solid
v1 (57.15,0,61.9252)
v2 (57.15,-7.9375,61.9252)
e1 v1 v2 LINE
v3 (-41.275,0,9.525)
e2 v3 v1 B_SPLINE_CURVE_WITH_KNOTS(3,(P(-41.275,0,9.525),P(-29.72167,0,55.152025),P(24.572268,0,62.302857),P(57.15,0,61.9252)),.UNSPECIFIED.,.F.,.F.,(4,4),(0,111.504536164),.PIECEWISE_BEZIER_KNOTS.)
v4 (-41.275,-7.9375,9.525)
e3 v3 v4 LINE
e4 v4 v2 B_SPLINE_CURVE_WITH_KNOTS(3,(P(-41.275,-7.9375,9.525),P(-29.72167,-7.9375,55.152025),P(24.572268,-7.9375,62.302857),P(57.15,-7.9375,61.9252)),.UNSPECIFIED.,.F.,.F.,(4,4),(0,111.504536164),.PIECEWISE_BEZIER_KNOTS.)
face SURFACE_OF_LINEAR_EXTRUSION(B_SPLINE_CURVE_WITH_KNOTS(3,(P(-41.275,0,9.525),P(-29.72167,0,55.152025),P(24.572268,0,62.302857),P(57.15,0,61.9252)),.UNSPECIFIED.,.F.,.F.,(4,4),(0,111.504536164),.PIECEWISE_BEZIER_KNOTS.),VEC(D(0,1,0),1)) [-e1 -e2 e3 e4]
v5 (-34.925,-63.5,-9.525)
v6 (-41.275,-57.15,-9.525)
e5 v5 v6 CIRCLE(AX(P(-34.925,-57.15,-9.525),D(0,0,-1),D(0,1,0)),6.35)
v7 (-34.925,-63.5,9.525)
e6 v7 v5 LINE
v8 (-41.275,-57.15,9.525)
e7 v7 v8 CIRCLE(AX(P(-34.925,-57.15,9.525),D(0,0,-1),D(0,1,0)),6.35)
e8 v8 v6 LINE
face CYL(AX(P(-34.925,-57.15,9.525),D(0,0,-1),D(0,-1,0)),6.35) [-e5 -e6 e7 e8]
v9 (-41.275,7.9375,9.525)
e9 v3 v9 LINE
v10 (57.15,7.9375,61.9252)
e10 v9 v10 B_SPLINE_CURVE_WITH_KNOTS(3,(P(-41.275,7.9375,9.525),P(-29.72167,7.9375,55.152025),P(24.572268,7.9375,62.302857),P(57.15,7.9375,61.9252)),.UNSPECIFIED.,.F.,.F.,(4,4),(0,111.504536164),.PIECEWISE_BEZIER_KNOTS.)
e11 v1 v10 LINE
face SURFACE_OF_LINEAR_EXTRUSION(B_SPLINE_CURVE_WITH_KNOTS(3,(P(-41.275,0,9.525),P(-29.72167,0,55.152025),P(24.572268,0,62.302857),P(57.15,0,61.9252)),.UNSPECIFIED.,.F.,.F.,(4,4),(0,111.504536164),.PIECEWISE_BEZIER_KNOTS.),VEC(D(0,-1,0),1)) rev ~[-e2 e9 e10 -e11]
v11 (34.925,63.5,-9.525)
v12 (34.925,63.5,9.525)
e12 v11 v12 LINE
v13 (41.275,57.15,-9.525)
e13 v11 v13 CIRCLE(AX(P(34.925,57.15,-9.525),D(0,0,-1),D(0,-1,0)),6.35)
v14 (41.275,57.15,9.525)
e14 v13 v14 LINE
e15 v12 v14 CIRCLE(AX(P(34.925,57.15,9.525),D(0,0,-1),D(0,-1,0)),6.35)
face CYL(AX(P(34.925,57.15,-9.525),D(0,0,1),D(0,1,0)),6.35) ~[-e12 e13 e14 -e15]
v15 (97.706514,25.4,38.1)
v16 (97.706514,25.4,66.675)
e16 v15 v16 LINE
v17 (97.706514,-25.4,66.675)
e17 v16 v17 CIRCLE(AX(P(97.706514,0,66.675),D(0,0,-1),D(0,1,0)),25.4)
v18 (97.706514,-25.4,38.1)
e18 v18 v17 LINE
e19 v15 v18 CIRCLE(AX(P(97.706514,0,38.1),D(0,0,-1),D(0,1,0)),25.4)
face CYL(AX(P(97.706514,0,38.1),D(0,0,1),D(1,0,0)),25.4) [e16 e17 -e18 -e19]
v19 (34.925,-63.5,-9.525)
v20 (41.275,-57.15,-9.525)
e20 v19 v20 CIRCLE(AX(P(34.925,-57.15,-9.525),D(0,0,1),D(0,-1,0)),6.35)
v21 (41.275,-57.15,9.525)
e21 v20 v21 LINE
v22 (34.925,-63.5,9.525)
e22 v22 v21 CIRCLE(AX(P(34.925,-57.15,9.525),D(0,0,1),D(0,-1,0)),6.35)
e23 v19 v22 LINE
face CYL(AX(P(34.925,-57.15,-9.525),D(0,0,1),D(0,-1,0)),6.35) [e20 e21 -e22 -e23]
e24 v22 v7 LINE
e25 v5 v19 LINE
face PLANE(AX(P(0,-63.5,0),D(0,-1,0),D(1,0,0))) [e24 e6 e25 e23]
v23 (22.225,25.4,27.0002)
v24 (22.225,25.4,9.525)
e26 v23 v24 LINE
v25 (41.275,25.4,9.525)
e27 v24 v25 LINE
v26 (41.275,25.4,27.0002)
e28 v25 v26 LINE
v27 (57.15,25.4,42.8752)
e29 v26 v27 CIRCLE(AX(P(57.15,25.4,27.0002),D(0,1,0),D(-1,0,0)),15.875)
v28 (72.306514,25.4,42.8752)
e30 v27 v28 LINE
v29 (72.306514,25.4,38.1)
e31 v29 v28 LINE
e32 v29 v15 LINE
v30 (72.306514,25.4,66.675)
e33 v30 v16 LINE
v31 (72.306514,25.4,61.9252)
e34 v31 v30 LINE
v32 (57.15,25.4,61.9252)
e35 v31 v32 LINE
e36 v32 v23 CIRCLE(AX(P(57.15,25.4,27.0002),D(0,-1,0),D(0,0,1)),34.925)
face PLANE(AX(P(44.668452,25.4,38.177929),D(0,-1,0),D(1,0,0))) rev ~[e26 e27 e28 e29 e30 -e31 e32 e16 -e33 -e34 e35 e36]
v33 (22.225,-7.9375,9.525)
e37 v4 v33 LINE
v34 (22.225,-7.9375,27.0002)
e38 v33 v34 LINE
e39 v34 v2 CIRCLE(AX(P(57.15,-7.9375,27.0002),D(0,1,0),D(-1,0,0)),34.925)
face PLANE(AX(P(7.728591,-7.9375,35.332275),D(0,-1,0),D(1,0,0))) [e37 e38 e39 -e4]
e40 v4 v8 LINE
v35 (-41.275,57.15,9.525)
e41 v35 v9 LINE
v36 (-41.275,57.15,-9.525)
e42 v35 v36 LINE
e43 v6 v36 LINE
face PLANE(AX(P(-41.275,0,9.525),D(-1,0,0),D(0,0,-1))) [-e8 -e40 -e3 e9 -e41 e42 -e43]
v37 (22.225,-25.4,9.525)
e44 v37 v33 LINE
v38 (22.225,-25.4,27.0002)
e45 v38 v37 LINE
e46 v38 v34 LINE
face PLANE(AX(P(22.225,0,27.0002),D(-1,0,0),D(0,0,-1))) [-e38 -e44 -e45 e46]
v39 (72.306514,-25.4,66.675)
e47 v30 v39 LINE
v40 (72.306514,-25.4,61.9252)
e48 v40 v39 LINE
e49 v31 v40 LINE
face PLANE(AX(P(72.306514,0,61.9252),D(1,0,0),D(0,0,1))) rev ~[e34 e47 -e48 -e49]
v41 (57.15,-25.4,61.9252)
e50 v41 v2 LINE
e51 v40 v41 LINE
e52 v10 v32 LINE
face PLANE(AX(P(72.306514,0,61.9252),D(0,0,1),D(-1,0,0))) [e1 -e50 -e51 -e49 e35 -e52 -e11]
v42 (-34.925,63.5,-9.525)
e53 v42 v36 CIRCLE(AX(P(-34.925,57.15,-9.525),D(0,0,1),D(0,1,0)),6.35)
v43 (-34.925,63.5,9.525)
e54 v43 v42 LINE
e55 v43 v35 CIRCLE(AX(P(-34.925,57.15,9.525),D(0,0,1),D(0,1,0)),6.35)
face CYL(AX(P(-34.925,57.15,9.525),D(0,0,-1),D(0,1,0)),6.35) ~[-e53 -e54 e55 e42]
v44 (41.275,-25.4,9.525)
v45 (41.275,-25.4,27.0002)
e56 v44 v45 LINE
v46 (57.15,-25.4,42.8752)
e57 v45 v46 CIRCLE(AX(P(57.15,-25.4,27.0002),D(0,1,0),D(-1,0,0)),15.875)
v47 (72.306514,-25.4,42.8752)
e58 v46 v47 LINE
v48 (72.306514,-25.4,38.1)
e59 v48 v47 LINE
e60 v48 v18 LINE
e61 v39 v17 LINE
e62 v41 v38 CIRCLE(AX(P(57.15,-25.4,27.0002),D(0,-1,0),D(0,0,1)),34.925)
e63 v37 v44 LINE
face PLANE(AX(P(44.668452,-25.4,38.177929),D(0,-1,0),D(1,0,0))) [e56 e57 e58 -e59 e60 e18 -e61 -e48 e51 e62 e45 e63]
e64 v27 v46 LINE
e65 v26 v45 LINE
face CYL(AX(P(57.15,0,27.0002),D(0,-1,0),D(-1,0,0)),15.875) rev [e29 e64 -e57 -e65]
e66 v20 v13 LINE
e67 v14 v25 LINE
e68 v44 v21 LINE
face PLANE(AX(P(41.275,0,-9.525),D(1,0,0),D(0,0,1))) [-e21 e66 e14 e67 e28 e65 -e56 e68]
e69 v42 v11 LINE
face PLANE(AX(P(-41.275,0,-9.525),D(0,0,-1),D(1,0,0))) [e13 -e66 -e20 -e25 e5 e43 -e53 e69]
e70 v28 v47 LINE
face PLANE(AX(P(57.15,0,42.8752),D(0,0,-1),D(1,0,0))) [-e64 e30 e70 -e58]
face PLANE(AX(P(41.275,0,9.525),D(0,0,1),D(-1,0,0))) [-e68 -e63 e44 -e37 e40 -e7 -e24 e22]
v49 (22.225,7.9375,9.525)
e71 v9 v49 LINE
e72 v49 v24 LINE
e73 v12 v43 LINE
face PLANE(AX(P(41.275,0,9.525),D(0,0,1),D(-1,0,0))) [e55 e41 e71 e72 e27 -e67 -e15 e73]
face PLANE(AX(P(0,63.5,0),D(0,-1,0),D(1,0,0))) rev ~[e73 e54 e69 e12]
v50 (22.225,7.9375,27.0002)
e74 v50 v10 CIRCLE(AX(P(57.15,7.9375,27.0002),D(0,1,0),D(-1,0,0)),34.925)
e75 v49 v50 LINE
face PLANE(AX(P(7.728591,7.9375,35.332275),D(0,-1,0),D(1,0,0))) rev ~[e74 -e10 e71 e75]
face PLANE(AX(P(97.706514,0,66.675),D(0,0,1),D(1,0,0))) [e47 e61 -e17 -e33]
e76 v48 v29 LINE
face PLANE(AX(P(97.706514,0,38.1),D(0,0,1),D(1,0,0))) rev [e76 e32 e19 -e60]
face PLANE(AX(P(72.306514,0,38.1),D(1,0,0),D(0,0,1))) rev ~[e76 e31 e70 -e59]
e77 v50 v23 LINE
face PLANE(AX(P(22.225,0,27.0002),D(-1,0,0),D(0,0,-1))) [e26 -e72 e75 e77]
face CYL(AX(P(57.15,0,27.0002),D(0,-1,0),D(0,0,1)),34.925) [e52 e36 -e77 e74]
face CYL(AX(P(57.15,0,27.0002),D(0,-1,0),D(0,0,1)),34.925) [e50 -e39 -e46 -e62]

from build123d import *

# Parameters (mm, degrees)
F1_DEPTH = 63.5
F0_W     = 25.4
F0_H     = 19.05
F0_H_2   = 4.7498
F0_H_3   = 4.7752
F2_DEPTH = 25.4
F3_DEPTH = 7.9375
F5_R     = 6.35


with BuildPart() as f1:
    # F0 (on Front) → F1 (new body, symmetric)
    with BuildSketch(Plane.XZ):
        Polygon((41.275, -9.525), (41.275, 9.525), (22.225, 9.525), (-41.275, 9.525), (-41.275, -9.525), align=None)
    extrude(amount=F1_DEPTH, both=True)

    # F0 (on Front) → F2 (join, symmetric)
    with BuildSketch(Plane.XZ):
        with BuildLine():
            Line((22.225, 9.525), (41.275, 9.525))
            Line((41.275, 9.525), (41.275, 27.0002))
            ThreePointArc((41.275, 27.0002), (45.9246798487, 38.2255201513), (57.15, 42.8752))
            Line((57.15, 42.8752), (72.3065137863, 42.8752))
            Line((72.3065137863, 42.8752), (72.3065137863, 61.9252))
            Line((72.3065137863, 61.9252), (57.15, 61.9252))
            ThreePointArc((57.15, 61.9252), (32.4542956671, 51.6959043329), (22.225, 27.0002))
            Line((22.225, 27.0002), (22.225, 9.525))
        make_face()
        with Locations((85.0065137863, 52.4002)):
            Rectangle(F0_W, F0_H)
        with Locations((85.0065137863, 64.3001)):
            Rectangle(F0_W, F0_H_2)
        with Locations((85.0065137863, 40.4876)):
            Rectangle(F0_W, F0_H_3)
    extrude(amount=F2_DEPTH, both=True)

    # F0 (on Front) → F3 (join, symmetric)
    with BuildSketch(Plane.XZ):
        with BuildLine():
            Line((-41.275, 9.525), (22.225, 9.525))
            Line((22.225, 9.525), (22.225, 27.0002))
            ThreePointArc((22.225, 27.0002), (32.4542956671, 51.6959043329), (57.15, 61.9252))
            add(Edge.make_bspline(
                [(-41.275, 9.525), (-29.7216698527, 55.1520250738), (24.5722677241, 62.3028567907), (57.15, 61.9252)],
                knots=[0, 0, 0, 0, 111.5045361635, 111.5045361635, 111.5045361635, 111.5045361635], degree=3))
        make_face()
    extrude(amount=F3_DEPTH, both=True)

    # F0 (on Front) → F4 (revolve)
    with BuildSketch(Plane.XZ):
        Polygon((97.7065137863, 61.9252), (97.7065137863, 42.8752), (97.7065137863, 38.1), (123.1065137863, 38.1), (123.1065137863, 66.675), (97.7065137863, 66.675), align=None)
    revolve(axis=Axis((97.7065137863, 0, 52.3875), (0, 0, 1)))

    # F5
    f5_edges = [f1.edges().sort_by_distance(p)[0] for p in [
        (41.275, -63.5, 0),
        (41.275, 63.5, 0),
        (-41.275, 63.5, 0),
        (-41.275, -63.5, 0),
    ]]
    fillet(f5_edges, radius=F5_R)


solid = f1.part
